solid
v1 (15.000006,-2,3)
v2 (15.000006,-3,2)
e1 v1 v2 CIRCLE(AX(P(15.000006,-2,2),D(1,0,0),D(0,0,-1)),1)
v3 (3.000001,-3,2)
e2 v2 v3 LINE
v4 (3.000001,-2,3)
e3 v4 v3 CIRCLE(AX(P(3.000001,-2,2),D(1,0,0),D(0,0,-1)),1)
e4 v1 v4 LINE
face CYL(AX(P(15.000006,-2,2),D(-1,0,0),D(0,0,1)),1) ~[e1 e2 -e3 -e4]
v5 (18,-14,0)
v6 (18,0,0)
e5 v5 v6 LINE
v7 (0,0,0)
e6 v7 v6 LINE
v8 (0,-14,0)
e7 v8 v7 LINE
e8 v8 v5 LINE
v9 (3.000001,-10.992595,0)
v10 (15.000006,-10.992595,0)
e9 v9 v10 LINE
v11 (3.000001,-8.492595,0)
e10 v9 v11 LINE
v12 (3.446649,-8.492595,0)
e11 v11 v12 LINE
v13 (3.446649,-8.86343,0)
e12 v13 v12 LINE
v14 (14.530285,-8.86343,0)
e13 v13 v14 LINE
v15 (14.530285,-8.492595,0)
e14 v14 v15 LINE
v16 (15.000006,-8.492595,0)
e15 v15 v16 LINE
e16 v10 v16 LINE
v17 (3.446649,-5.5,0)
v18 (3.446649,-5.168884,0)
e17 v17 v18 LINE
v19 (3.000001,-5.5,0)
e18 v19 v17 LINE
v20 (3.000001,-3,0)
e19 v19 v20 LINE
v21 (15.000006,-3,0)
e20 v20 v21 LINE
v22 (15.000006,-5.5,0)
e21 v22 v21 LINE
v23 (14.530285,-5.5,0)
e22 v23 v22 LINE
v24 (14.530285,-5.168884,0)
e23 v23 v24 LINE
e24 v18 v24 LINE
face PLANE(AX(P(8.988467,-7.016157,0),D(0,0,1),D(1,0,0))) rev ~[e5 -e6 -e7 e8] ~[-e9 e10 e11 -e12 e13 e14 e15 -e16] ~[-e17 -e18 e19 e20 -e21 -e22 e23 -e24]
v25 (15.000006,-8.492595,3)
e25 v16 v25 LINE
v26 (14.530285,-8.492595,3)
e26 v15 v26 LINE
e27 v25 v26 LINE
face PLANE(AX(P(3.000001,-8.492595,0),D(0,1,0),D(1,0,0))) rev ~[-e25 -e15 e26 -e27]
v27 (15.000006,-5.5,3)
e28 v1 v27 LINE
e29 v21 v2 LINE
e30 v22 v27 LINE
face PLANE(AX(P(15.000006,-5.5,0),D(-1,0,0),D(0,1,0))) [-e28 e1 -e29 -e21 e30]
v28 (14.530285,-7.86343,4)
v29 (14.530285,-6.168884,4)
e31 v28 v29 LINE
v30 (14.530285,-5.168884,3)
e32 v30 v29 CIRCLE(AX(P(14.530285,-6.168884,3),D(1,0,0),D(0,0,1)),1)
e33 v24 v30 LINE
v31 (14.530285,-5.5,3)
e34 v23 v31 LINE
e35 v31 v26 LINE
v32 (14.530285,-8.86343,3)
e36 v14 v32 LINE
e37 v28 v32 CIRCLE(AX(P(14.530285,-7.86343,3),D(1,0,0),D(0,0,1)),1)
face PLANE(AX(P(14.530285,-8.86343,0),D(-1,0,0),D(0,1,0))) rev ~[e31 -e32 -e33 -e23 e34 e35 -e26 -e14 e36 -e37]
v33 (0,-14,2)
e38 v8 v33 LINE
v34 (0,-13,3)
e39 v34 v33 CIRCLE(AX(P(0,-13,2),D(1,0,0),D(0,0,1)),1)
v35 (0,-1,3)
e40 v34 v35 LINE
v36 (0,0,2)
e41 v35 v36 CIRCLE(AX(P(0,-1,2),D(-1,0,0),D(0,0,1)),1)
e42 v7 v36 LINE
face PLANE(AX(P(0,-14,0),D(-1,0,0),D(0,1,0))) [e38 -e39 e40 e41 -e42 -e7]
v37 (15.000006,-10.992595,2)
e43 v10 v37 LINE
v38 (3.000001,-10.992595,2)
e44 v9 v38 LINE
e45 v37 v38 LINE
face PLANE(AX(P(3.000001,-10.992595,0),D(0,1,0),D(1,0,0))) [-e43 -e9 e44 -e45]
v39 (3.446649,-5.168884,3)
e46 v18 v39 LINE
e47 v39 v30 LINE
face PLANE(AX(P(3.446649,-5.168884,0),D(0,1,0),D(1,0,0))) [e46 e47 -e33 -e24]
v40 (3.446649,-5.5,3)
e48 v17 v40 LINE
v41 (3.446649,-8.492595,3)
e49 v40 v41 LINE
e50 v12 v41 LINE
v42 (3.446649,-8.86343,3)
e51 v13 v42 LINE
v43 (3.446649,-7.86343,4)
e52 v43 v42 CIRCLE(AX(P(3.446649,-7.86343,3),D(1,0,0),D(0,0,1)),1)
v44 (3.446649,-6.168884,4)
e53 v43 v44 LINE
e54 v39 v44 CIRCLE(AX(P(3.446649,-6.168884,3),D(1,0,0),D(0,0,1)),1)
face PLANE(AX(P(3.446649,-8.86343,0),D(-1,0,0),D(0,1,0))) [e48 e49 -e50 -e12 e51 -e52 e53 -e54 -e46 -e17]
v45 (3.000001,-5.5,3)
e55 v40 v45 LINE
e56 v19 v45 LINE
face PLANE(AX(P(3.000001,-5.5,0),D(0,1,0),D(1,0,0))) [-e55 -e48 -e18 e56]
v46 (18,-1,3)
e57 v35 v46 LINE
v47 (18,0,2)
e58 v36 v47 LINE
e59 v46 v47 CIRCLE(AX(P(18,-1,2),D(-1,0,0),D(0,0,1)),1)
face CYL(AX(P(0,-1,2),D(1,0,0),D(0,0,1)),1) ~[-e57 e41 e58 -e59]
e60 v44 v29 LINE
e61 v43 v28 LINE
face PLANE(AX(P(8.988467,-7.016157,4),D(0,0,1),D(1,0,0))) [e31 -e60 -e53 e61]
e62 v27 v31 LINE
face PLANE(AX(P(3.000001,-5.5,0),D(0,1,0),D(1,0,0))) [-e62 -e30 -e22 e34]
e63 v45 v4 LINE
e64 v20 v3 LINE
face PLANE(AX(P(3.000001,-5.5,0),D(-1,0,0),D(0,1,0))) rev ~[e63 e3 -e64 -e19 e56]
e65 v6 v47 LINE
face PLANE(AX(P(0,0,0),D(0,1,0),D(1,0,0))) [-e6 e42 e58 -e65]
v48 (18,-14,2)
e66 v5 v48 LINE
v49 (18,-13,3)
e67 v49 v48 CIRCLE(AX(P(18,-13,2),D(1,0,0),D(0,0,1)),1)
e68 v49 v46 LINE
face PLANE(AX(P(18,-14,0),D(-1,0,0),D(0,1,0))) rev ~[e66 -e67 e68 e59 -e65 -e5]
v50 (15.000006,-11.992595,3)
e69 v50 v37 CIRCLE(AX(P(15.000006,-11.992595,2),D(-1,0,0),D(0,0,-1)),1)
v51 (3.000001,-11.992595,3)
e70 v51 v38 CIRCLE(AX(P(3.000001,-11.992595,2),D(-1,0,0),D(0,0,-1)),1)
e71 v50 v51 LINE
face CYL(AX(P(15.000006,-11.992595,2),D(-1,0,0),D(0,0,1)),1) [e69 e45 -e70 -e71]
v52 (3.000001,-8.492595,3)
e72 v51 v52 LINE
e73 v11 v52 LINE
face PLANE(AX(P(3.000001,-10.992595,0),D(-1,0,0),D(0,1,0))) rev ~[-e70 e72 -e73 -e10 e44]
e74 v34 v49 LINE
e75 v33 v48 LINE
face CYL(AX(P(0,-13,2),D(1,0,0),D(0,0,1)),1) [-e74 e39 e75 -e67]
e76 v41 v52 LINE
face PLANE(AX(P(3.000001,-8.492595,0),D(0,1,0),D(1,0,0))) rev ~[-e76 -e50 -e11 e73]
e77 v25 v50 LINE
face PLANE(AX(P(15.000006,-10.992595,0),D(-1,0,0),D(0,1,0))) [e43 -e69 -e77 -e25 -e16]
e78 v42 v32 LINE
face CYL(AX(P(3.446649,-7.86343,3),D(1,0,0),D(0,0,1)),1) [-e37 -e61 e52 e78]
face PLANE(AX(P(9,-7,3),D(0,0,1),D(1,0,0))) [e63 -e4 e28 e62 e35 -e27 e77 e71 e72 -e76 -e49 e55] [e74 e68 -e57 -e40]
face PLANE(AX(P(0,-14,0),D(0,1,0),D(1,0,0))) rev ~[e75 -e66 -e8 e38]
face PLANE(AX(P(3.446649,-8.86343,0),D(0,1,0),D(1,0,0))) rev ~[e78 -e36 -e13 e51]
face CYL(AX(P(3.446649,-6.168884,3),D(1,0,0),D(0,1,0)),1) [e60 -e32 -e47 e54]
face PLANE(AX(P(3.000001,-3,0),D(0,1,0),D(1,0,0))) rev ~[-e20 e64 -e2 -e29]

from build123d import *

# Parameters (mm, degrees)
F0_W     = 18
F0_H     = 14
F3_DEPTH = 3
F1_W     = 12.000005
F1_H     = 2.5
F4_DEPTH = 25
F2_W     = 11.083636
F2_H     = 3.694546
F5_DEPTH = 4
F6_R     = 1


with BuildPart() as f3:
    # F0 (on Top) → F3 (new body)
    with BuildSketch(Plane.XY):
        with Locations((9, -7)):
            Rectangle(F0_W, F0_H)
    extrude(amount=F3_DEPTH)

    # F1 (on face) → F4 (cut)
    with BuildSketch(Plane.XY):
        with Locations((9.000003, -4.25)):
            Rectangle(F1_W, F1_H)
        with Locations((9.000003, -9.742595)):
            Rectangle(F1_W, F1_H)
    extrude(amount=F4_DEPTH, mode=Mode.SUBTRACT)

    # F2 (on face) → F5 (join)
    with BuildSketch(Plane.XY):
        with Locations((8.988467, -7.016157)):
            Rectangle(F2_W, F2_H)
    extrude(amount=F5_DEPTH)

    # F6
    f6_edges = [f3.edges().sort_by_distance(p)[0] for p in [
        (8.988467, -8.86343, 4),
        (8.988467, -5.168884, 4),
        (9.000002, -3, 3),
        (9.000002, -10.992595, 3),
        (9, -14, 3),
        (9, 0, 3),
    ]]
    fillet(f6_edges, radius=F6_R)


solid = f3.part
